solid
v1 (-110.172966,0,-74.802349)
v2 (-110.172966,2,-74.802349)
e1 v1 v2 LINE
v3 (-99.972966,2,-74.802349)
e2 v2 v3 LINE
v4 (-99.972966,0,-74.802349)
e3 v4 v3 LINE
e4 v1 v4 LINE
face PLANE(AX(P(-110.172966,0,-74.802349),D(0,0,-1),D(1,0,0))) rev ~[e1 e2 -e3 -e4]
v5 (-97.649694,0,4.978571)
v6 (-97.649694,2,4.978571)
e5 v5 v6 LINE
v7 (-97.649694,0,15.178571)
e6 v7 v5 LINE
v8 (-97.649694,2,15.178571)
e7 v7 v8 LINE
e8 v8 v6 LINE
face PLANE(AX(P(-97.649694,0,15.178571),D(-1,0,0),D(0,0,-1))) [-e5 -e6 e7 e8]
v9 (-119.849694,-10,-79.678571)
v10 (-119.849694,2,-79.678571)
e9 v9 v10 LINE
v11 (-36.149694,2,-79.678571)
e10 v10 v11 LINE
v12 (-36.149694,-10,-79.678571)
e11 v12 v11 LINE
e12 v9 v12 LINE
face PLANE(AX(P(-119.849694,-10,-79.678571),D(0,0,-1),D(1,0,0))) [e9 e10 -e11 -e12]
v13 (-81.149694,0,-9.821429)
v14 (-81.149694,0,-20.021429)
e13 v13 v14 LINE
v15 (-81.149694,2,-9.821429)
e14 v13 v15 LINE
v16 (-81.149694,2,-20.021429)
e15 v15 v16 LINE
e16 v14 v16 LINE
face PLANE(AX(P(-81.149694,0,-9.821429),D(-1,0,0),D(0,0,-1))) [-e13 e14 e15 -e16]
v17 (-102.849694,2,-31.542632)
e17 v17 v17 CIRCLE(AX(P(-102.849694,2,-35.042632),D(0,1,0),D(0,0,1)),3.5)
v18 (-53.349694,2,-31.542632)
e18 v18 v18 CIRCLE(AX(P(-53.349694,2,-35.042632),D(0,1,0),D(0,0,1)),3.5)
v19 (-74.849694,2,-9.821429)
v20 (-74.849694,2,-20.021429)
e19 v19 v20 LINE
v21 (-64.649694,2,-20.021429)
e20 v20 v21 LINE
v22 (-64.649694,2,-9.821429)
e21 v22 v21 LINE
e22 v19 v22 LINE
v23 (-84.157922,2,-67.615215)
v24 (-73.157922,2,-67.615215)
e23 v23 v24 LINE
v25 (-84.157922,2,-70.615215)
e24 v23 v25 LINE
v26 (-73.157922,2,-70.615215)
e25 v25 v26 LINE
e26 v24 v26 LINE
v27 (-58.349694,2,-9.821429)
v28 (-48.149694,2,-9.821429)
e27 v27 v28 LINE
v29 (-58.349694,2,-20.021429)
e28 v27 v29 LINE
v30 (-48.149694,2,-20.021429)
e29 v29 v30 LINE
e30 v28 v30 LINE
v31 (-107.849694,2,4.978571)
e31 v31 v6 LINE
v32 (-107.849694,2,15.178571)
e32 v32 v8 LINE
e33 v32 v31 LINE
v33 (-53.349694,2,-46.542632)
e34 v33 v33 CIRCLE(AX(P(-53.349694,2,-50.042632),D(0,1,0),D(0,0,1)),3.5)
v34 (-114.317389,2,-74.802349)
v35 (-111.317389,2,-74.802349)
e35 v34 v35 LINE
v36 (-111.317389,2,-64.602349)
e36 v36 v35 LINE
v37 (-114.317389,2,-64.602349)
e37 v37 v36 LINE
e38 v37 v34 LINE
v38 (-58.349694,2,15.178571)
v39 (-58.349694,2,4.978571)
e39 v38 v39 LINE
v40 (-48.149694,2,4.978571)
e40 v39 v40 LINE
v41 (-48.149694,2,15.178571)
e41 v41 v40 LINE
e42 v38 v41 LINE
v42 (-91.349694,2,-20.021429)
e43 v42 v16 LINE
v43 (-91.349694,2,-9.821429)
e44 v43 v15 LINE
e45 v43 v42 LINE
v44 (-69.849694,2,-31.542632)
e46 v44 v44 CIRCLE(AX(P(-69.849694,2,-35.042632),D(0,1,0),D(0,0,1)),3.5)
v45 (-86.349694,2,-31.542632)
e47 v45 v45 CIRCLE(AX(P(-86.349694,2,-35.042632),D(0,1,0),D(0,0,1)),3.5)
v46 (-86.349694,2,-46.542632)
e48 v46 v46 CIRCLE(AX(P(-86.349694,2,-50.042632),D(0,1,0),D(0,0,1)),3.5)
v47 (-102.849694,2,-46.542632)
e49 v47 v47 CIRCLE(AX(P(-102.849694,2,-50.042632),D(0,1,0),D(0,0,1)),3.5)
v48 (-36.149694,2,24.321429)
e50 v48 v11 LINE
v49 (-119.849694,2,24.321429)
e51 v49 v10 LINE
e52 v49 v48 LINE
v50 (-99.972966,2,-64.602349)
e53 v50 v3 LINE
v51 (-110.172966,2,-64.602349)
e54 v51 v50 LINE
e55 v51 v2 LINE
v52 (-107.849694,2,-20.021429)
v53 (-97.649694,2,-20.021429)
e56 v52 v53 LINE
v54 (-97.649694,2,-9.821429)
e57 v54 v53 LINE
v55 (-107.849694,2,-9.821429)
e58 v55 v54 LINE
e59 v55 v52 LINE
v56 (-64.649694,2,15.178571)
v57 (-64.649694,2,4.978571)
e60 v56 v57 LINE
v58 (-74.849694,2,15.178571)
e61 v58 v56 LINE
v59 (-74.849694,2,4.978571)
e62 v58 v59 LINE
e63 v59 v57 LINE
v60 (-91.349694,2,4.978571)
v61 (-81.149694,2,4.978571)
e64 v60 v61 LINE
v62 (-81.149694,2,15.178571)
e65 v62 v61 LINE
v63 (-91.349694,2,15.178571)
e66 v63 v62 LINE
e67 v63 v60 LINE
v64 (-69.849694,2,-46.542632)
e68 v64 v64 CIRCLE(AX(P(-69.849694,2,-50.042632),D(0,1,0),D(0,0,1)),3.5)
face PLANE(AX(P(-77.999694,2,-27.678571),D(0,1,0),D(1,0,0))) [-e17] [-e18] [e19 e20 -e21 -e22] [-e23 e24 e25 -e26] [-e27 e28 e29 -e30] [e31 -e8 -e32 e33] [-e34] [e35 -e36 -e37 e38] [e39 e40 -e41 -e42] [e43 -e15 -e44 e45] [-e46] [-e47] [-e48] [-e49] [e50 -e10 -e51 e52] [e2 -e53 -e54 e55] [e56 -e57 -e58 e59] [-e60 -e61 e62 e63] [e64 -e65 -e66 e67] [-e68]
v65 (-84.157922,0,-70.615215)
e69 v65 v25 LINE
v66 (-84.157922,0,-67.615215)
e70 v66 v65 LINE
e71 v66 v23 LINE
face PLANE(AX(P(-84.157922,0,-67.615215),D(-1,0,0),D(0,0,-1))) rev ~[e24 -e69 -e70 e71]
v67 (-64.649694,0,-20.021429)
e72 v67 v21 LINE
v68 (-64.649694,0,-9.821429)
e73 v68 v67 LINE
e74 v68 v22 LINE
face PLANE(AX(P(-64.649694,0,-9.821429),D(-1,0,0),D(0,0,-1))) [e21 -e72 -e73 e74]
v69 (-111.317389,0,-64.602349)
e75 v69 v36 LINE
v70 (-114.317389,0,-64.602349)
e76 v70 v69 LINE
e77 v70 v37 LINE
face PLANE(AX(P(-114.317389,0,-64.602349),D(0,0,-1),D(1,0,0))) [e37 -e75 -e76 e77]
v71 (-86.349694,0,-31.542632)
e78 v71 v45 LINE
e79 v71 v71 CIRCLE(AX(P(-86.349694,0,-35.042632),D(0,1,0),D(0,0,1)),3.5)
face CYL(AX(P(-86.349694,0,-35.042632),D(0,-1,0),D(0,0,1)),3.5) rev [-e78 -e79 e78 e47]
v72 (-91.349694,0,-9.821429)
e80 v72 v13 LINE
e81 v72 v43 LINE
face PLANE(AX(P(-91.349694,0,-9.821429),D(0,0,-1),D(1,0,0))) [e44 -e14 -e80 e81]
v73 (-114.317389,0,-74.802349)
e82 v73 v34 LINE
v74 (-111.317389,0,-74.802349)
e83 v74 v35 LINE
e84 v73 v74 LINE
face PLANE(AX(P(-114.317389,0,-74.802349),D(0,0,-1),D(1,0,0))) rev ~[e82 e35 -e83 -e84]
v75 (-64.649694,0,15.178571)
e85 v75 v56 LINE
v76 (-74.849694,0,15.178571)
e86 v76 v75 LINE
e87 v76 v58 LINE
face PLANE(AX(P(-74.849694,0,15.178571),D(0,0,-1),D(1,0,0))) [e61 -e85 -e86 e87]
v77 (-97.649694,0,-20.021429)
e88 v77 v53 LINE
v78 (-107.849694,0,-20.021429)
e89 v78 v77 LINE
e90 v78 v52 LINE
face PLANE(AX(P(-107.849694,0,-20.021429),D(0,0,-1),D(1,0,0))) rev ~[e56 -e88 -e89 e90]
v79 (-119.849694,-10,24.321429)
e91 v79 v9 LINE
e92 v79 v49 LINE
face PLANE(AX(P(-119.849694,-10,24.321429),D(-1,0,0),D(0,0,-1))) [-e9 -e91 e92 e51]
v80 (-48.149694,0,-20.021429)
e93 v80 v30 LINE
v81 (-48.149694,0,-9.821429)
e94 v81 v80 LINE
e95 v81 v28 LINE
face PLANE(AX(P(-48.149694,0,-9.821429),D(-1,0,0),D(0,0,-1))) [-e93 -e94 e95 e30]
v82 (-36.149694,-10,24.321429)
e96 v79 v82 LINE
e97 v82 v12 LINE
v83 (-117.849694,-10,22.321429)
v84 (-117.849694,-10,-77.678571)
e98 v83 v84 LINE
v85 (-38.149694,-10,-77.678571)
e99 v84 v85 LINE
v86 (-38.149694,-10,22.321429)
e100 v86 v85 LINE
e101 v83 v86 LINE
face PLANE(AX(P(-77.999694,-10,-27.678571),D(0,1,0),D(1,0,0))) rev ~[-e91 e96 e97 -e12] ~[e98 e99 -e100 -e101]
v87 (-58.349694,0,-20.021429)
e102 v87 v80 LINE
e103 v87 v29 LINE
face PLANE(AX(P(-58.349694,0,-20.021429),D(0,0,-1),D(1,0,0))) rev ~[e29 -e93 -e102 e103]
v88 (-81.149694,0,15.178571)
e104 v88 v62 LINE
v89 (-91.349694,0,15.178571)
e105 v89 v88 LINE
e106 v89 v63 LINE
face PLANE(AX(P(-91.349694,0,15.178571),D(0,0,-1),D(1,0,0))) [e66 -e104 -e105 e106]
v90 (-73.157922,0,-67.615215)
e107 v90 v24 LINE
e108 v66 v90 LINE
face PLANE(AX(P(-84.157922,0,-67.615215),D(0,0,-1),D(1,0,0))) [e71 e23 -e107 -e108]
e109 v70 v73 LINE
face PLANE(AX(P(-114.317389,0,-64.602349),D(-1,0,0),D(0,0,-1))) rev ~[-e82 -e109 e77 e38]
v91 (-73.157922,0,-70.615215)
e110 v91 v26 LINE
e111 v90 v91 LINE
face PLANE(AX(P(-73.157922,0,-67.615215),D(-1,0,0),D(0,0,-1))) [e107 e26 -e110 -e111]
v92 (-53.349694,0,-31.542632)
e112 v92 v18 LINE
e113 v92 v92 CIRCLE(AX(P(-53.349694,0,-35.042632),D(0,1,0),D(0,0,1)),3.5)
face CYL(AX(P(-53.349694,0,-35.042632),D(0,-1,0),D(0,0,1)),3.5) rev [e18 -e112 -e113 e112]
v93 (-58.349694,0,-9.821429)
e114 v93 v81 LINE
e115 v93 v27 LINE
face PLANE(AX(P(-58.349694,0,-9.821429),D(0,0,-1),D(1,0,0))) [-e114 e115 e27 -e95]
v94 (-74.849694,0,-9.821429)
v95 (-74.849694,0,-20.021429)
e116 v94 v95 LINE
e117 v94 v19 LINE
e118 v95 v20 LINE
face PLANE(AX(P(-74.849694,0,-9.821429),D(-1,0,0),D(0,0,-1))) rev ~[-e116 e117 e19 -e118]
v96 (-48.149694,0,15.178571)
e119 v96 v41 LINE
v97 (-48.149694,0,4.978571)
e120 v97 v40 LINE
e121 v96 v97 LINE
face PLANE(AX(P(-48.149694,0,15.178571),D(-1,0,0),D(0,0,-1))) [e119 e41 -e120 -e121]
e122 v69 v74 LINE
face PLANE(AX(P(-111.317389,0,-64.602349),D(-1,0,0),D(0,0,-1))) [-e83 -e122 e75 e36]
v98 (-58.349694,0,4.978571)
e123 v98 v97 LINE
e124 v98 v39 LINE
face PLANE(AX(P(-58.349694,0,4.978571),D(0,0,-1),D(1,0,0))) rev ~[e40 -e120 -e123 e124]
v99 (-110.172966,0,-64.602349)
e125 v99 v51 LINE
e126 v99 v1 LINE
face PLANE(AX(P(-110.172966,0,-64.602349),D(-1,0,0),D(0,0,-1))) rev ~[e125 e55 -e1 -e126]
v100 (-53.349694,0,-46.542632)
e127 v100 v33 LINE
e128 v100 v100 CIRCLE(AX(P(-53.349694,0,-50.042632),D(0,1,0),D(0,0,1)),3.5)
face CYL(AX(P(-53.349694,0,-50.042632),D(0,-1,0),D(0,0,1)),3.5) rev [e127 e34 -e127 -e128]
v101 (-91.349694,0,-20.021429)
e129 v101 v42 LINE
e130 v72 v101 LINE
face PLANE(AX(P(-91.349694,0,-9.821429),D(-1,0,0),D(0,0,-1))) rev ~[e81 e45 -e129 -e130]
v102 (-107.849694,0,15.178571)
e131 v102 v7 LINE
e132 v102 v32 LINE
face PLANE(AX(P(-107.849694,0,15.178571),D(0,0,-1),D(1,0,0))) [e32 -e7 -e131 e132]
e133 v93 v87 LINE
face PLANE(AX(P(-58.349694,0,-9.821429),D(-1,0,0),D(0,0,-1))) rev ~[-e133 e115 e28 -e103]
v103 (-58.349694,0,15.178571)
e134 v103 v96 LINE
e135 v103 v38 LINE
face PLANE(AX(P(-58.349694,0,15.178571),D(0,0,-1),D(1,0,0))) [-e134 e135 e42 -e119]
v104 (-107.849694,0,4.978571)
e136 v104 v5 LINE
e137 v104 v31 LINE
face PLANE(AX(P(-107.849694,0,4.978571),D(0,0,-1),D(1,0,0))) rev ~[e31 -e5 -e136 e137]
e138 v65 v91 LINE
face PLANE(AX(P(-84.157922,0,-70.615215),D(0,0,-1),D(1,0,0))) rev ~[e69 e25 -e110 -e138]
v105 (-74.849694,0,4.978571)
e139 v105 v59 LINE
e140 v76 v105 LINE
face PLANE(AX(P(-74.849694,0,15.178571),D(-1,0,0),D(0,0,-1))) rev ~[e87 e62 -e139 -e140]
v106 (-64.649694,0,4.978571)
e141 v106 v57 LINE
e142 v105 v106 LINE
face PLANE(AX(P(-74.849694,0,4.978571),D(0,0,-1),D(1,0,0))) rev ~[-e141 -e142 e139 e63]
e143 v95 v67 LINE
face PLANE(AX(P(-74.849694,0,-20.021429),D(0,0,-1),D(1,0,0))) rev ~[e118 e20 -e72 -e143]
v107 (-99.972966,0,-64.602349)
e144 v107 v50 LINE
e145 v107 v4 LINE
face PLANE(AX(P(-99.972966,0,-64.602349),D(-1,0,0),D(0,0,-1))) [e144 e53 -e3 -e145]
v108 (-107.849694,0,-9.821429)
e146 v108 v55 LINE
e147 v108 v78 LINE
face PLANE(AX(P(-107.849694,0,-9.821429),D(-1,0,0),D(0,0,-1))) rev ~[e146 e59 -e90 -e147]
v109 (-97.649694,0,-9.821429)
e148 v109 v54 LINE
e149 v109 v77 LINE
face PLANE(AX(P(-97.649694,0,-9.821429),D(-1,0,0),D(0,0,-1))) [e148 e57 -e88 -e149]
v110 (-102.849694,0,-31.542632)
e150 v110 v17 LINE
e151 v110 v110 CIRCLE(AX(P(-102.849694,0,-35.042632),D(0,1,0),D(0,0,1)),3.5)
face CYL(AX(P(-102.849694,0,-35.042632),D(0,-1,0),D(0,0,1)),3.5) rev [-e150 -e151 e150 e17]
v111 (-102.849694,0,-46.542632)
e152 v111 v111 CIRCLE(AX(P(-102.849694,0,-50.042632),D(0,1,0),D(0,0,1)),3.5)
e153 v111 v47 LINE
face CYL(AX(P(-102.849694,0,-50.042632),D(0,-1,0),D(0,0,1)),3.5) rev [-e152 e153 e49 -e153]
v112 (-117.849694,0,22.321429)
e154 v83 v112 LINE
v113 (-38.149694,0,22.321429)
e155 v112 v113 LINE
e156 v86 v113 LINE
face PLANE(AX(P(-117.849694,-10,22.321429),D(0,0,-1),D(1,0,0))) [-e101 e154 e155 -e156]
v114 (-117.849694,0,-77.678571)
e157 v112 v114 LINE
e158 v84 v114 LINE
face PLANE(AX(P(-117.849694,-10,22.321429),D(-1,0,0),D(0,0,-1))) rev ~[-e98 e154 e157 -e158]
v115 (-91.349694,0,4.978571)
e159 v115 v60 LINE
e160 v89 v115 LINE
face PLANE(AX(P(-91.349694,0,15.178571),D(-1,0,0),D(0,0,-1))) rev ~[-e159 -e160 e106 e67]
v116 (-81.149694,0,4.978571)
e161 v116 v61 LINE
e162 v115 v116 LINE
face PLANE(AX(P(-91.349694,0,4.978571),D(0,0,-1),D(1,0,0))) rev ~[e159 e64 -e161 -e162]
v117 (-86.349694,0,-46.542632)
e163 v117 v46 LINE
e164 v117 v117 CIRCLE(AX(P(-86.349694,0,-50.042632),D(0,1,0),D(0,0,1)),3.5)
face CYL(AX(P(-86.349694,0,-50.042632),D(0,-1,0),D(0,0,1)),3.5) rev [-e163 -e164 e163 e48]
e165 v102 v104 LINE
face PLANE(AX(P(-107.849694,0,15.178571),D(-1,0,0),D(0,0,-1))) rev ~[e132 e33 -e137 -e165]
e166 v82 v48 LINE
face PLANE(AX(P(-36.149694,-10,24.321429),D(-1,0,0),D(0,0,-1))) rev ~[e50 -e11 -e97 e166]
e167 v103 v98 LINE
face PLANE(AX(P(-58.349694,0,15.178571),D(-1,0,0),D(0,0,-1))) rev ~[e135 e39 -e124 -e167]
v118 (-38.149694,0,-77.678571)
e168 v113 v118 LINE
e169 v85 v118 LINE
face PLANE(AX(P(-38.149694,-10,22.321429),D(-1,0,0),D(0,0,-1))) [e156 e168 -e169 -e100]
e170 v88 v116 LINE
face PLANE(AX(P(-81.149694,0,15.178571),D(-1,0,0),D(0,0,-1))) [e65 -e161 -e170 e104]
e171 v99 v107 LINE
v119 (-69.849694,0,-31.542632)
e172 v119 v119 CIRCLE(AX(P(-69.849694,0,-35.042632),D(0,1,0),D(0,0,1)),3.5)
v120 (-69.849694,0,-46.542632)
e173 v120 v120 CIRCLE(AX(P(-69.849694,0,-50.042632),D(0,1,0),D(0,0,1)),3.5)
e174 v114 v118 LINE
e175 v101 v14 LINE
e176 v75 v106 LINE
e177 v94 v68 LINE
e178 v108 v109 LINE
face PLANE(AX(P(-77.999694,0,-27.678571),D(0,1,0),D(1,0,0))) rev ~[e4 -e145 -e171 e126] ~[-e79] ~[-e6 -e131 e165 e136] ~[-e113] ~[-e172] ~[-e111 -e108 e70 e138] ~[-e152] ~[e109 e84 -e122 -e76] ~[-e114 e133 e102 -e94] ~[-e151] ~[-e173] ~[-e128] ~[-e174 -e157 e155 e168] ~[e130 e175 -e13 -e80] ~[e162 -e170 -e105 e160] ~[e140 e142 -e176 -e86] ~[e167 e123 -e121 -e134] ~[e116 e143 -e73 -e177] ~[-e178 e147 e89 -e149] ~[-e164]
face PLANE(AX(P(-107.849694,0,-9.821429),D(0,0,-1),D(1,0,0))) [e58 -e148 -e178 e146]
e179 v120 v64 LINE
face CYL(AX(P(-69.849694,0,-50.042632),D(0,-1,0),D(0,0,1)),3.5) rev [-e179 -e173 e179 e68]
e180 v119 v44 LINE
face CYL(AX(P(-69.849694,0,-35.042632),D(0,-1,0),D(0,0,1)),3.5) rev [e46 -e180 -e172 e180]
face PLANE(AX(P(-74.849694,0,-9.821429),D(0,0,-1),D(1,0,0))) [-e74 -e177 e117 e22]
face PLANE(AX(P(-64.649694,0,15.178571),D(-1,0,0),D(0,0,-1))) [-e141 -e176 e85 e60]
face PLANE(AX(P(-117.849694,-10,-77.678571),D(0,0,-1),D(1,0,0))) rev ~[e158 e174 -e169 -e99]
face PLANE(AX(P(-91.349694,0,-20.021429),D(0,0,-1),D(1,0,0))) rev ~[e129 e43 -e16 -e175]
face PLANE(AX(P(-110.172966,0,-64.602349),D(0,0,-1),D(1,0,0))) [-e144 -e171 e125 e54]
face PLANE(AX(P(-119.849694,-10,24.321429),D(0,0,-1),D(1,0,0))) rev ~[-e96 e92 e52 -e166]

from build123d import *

# Parameters (mm, degrees)
SKETCH1_W                = 79.7
SKETCH1_H                = 100
SKETCH1_R                = 3.5
SKETCH1_W_2              = 10.2
SKETCH1_H_2              = 10.2
SKETCH1_W_3              = 11
SKETCH1_H_3              = 3
SKETCH1_W_4              = 3
BOSS_EXTRUDE1_DEPTH      = 2
BOSS_EXTRUDE2_DEPTH      = 2
BOSS_EXTRUDE2_DEPTH_BACK = 10
SKETCH1_3_W              = 83.7
SKETCH1_3_H              = 104
SKETCH1_3_W_2            = 79.7
SKETCH1_3_H_2            = 100


with BuildPart() as part:
    # Sketch1 → Boss-Extrude1 (new body)
    with BuildSketch(Plane(origin=(0, 0, 0), x_dir=(1, 0, 0), z_dir=(0, 1, 0))):
        with Locations((-77.999694214, 27.678571429)):
            Rectangle(SKETCH1_W, SKETCH1_H)
        with Locations(Location((-102.849694214, 35.042631833, 0), (0, 0, 270))):
            Circle(SKETCH1_R, mode=Mode.SUBTRACT)
        with Locations(Location((-86.349694214, 35.042631833, 0), (0, 0, 270))):
            Circle(SKETCH1_R, mode=Mode.SUBTRACT)
        with Locations(Location((-69.849694214, 35.042631833, 0), (0, 0, 270))):
            Circle(SKETCH1_R, mode=Mode.SUBTRACT)
        with Locations(Location((-53.349694214, 35.042631833, 0), (0, 0, 270))):
            Circle(SKETCH1_R, mode=Mode.SUBTRACT)
        with Locations(Location((-102.849694214, 50.042631833, 0), (0, 0, 270))):
            Circle(SKETCH1_R, mode=Mode.SUBTRACT)
        with Locations(Location((-86.349694214, 50.042631833, 0), (0, 0, 270))):
            Circle(SKETCH1_R, mode=Mode.SUBTRACT)
        with Locations(Location((-69.849694214, 50.042631833, 0), (0, 0, 270))):
            Circle(SKETCH1_R, mode=Mode.SUBTRACT)
        with Locations(Location((-53.349694214, 50.042631833, 0), (0, 0, 270))):
            Circle(SKETCH1_R, mode=Mode.SUBTRACT)
        with Locations((-86.249694214, -10.078571429)):
            Rectangle(SKETCH1_W_2, SKETCH1_H_2, mode=Mode.SUBTRACT)
        with Locations((-102.749694214, -10.078571429)):
            Rectangle(SKETCH1_W_2, SKETCH1_H_2, mode=Mode.SUBTRACT)
        with Locations((-69.749694214, -10.078571429)):
            Rectangle(SKETCH1_W_2, SKETCH1_H_2, mode=Mode.SUBTRACT)
        with Locations((-53.249694214, -10.078571429)):
            Rectangle(SKETCH1_W_2, SKETCH1_H_2, mode=Mode.SUBTRACT)
        with Locations((-86.249694214, 14.921428571)):
            Rectangle(SKETCH1_W_2, SKETCH1_H_2, mode=Mode.SUBTRACT)
        with Locations((-102.749694214, 14.921428571)):
            Rectangle(SKETCH1_W_2, SKETCH1_H_2, mode=Mode.SUBTRACT)
        with Locations((-69.749694214, 14.921428571)):
            Rectangle(SKETCH1_W_2, SKETCH1_H_2, mode=Mode.SUBTRACT)
        with Locations((-53.249694214, 14.921428571)):
            Rectangle(SKETCH1_W_2, SKETCH1_H_2, mode=Mode.SUBTRACT)
        with Locations((-78.657921682, 69.115214956)):
            Rectangle(SKETCH1_W_3, SKETCH1_H_3, mode=Mode.SUBTRACT)
        with Locations((-112.817389032, 69.702349137)):
            Rectangle(SKETCH1_W_4, SKETCH1_H_2, mode=Mode.SUBTRACT)
        with Locations((-105.072966437, 69.702349137)):
            Rectangle(SKETCH1_W_2, SKETCH1_H_2, mode=Mode.SUBTRACT)
    extrude(amount=BOSS_EXTRUDE1_DEPTH)

    # Sketch1<3> → Boss-Extrude2 (add, two sides: drawn at the far end of the back side and taken through both)
    with BuildSketch(Plane(origin=(0, 0, 0), x_dir=(1, 0, 0), z_dir=(0, 1, 0)).offset(-BOSS_EXTRUDE2_DEPTH_BACK)):
        with Locations((-77.999694214, 27.678571429)):
            Rectangle(SKETCH1_3_W, SKETCH1_3_H)
        with Locations((-77.999694214, 27.678571429)):
            Rectangle(SKETCH1_3_W_2, SKETCH1_3_H_2, mode=Mode.SUBTRACT)
    extrude(amount=BOSS_EXTRUDE2_DEPTH + BOSS_EXTRUDE2_DEPTH_BACK)


solid = part.part
